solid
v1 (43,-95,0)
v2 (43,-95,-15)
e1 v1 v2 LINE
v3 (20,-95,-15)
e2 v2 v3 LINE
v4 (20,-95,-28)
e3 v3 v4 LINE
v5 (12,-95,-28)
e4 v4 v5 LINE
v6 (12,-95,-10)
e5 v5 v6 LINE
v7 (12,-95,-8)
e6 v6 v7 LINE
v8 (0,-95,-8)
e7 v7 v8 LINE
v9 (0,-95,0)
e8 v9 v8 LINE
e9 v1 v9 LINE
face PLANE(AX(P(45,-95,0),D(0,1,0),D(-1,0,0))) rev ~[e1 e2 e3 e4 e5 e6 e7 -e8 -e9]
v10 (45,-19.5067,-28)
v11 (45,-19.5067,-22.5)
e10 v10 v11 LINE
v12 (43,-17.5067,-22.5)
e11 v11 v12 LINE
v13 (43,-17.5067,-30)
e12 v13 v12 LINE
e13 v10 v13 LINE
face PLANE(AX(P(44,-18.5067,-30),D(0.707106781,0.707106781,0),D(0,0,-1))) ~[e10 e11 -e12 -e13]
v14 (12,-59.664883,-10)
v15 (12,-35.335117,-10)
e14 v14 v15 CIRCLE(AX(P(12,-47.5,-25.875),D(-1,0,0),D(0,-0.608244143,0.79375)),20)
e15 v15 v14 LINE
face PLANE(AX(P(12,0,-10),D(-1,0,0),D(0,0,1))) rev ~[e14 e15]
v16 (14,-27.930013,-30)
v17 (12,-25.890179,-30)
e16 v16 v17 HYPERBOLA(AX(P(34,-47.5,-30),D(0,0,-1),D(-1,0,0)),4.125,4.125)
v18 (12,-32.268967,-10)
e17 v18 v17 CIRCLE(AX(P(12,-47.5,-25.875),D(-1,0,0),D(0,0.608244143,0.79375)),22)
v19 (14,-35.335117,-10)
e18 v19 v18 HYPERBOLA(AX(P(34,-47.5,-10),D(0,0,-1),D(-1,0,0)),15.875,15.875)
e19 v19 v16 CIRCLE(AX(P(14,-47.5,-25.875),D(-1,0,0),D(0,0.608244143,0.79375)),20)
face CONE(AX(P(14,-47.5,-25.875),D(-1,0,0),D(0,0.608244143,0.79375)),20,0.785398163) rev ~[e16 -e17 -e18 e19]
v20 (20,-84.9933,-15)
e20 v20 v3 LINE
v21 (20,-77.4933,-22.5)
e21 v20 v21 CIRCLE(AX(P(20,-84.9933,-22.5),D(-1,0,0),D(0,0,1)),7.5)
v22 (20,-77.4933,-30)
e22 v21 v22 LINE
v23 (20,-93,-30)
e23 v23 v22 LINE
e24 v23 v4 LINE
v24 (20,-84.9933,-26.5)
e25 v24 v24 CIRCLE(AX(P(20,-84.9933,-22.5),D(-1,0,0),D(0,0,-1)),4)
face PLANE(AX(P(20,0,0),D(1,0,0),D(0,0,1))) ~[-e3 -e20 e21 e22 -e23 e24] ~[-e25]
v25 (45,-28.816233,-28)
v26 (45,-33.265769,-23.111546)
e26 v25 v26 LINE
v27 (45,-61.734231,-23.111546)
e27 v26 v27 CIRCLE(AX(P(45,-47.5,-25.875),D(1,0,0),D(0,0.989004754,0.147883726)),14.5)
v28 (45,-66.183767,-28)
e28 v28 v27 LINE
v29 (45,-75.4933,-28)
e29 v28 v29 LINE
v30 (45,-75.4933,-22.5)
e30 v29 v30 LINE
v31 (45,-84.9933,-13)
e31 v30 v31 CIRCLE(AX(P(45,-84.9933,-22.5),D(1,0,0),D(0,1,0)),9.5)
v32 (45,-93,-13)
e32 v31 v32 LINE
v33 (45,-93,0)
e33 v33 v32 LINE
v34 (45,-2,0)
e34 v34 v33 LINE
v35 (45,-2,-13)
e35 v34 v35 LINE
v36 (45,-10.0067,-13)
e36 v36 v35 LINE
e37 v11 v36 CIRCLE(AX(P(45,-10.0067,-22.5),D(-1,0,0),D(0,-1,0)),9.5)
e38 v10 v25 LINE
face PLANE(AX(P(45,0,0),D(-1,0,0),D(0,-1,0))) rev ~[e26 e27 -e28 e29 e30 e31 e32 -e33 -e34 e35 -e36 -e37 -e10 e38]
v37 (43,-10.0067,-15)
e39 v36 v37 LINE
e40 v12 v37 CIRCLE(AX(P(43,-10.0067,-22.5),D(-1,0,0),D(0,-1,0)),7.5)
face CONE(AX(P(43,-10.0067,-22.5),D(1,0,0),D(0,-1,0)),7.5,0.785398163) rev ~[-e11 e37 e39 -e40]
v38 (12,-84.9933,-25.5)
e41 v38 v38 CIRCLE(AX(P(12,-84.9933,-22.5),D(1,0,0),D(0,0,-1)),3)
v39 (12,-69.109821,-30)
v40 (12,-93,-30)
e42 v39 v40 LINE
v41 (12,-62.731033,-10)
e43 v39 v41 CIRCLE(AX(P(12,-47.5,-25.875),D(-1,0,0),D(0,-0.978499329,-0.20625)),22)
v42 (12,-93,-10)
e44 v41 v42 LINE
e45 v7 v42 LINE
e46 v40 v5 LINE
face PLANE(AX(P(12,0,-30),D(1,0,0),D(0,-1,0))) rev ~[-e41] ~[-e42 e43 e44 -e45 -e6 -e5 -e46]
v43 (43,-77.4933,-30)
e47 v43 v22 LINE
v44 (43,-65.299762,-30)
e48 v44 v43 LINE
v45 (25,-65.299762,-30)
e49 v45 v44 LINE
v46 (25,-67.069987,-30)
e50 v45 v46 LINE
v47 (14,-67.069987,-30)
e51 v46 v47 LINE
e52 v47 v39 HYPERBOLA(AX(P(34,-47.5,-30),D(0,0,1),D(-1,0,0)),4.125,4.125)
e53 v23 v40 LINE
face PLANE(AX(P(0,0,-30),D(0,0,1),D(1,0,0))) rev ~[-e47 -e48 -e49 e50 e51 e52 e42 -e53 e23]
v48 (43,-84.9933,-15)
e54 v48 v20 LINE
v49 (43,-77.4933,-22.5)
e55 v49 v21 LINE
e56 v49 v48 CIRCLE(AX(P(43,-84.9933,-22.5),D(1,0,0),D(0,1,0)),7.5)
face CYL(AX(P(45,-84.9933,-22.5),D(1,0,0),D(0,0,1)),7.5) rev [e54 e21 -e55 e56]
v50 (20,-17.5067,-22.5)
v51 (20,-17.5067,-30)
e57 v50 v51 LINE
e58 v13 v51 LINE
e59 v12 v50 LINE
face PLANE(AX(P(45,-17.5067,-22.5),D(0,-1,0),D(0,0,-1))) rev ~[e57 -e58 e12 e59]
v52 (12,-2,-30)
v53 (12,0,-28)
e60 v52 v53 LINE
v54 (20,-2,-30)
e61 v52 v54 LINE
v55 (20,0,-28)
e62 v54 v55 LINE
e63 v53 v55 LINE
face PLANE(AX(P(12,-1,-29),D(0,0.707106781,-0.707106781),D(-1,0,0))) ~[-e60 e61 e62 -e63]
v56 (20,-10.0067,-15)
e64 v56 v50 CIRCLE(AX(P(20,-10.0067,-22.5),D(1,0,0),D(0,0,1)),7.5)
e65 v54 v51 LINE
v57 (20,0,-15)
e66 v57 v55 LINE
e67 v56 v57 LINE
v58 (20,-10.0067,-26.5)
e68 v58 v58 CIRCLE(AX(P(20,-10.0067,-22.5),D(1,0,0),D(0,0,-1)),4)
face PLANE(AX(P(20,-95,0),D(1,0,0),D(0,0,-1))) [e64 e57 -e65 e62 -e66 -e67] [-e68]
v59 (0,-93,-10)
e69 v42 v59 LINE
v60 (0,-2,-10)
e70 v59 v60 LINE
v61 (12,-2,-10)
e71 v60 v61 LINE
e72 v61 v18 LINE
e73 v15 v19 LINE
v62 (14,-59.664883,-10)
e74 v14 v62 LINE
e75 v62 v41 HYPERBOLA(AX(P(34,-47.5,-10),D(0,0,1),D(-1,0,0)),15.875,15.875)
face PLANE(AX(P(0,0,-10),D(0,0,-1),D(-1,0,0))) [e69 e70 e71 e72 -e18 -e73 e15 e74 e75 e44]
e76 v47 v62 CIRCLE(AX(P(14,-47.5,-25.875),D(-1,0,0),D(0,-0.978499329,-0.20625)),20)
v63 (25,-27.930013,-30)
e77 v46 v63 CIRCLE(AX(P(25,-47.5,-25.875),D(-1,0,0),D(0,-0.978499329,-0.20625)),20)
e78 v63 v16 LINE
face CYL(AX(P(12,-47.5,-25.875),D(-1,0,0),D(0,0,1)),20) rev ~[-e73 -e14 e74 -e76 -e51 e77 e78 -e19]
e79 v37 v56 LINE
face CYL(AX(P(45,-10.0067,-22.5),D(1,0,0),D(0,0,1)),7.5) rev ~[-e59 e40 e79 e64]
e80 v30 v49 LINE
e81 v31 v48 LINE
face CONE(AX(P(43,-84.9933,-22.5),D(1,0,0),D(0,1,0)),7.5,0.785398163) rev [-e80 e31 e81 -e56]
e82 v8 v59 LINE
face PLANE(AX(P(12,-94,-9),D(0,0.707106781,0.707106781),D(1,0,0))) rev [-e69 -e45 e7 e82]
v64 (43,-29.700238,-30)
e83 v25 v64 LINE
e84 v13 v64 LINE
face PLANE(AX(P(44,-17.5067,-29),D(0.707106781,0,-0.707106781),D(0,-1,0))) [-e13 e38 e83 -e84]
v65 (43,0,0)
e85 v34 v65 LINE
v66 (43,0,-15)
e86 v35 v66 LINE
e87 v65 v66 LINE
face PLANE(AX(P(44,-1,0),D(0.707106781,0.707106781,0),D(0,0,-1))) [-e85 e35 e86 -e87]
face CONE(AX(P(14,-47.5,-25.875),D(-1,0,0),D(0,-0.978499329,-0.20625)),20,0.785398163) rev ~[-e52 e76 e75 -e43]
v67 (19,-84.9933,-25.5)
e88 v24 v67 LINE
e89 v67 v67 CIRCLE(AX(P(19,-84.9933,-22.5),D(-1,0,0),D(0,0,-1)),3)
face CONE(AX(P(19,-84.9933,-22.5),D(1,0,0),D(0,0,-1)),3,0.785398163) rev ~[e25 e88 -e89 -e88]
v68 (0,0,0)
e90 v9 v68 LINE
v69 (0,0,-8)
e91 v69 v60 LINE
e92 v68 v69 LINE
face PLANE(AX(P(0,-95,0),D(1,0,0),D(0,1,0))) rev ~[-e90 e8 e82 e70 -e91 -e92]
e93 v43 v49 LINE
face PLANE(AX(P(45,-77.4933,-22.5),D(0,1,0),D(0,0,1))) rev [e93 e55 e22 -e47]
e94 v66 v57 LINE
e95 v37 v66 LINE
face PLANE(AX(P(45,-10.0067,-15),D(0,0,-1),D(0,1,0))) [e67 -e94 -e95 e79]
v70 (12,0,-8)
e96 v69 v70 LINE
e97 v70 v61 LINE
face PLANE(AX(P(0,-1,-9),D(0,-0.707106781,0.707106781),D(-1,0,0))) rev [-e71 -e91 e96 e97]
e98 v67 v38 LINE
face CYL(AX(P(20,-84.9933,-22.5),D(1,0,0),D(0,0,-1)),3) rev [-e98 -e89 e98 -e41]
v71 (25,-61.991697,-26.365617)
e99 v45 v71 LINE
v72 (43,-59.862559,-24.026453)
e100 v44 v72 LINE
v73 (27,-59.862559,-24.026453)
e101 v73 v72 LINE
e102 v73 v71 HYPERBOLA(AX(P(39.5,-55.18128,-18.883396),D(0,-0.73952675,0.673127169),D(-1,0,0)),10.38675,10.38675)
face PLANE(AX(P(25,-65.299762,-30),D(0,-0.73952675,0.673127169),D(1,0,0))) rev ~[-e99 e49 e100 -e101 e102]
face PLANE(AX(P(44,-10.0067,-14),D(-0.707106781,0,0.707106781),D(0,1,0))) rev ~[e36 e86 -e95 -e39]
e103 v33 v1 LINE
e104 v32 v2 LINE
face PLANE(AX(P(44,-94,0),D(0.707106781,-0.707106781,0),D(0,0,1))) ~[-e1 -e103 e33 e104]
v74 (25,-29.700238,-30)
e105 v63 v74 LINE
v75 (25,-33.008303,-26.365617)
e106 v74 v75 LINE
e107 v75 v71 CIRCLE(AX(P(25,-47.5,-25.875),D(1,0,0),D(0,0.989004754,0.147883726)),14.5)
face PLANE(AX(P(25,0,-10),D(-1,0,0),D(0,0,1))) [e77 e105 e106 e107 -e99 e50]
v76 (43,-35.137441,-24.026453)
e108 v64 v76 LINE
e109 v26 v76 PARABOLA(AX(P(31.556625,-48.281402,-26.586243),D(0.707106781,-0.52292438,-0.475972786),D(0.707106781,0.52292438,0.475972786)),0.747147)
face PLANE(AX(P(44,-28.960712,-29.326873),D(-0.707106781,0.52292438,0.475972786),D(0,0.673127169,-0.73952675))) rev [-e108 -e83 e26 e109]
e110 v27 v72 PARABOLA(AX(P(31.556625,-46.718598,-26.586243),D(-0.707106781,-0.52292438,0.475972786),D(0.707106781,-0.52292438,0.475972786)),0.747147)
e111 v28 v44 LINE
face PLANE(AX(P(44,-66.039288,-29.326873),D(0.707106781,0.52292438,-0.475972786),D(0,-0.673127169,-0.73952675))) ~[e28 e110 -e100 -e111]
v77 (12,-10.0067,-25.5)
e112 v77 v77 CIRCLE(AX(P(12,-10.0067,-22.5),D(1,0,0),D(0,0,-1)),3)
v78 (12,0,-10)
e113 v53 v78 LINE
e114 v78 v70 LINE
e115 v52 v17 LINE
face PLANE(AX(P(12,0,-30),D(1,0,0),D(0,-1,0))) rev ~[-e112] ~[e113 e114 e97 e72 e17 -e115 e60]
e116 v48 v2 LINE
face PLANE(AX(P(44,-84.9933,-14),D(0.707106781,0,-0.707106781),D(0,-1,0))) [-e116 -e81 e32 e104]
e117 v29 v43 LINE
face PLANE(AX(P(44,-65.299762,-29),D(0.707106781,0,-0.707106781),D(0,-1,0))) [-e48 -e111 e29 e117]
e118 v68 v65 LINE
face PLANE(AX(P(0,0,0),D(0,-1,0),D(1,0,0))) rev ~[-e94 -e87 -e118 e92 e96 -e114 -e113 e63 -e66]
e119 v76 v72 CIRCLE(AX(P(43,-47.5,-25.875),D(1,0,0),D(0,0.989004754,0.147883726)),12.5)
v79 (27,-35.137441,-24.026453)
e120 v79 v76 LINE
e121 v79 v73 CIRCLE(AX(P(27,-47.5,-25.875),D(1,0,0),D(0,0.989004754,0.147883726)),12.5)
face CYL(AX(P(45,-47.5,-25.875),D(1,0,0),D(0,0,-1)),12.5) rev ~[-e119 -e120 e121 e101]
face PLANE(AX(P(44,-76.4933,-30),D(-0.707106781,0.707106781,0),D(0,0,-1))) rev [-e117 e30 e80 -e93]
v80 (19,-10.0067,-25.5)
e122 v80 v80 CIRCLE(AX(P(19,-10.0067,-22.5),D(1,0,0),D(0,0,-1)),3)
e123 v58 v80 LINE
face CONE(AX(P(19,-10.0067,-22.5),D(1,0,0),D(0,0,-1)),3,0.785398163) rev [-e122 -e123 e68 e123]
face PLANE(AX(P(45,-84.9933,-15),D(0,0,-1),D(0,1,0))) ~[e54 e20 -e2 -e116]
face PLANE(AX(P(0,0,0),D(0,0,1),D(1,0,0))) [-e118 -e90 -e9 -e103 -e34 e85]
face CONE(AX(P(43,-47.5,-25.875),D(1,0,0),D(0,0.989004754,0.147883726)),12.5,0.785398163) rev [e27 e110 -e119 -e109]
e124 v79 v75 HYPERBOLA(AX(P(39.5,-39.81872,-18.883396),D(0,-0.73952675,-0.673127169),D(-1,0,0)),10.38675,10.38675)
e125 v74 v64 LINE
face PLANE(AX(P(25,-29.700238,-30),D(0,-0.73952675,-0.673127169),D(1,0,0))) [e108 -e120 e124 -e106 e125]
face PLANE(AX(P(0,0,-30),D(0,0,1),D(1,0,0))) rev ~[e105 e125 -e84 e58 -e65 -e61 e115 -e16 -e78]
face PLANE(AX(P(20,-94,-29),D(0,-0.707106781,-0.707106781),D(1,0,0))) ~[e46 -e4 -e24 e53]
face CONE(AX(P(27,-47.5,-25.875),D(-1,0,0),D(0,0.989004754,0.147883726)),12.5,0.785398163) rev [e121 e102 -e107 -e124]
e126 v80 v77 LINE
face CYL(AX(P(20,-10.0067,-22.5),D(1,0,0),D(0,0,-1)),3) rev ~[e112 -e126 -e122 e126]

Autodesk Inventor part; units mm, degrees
ref_plane "YZ Plane" through (0, 0, 0) normal (1, 0, 0) x (0, 1, 0)
ref_plane "XZ Plane" through (0, 0, 0) normal (0, 1, 0) x (-1, 0, 0)
ref_plane "XY Plane" through (0, 0, 0) normal (0, 0, 1) x (1, 0, 0)
sketch "Sketch1" plane through (0, 0, 0) normal (0, 0, 1) x (1, 0, 0)
  line L0 (0, 0) -> (45, 0)
  line L1 (45, 0) -> (45, -95)
  line L2 (45, -95) -> (0, -95)
  line L3 (0, -95) -> (0, 0)
  dimension "d14" = 95
  dimension "d15" = 45
extrude "Extrusion1" add sketch "Sketch1" against normal blind 30
sketch "Sketch2" plane through (0, 0, -30) normal (0, 0, -1) x (-1, 0, 0)
  line L0 (0, -95) -> (0, 0) projected
  line L1 (0, 0) -> (-12, 0)
  line L2 (-12, 0) -> (-12, -95)
  line L3 (-12, -95) -> (0, -95)
  line L4 (0, -95) -> (0, 0)
  line L5 (-45, -95) -> (0, -95) projected
  dimension "d2" = 12
extrude "Extrusion2" cut sketch "Sketch2" against normal blind 20
sketch "Sketch3" plane through (45, -95, 0) normal (1, 0, 0) x (0, 0, -1)
  circle A0 centre (25.875, 47.5) radius 15.621 construction
  circle A1 centre (25.875, 47.5) radius 12.5
  line L0 (0, 0) -> (0, 95) construction
  line L1 (0, 0) -> (30, 0) projected
  line L2 (30, 0) -> (0, 95) construction
  line L3 (30, 95) -> (0, 0) construction
  point P0 (15, 47.5)
  point P1 (10, 95)
  dimension "d5" = 31.242
  dimension "d6" = 25
  dimension "d13" = 15.875
extrude "Extrusion3" cut sketch "Sketch3" against normal through all
sketch "Sketch4" plane through (12, 0, -10) normal (-1, 0, 0) x (0, 0, 1)
  arc A0 (-20, -59.2998) -> (-20, -35.7002) centre (-15.875, -47.5) ccw projected
  circle A1 centre (-15.875, -47.5) radius 20
  point P0 (10, 0)
  dimension "d9" = 40
extrude "Extrusion4" cut sketch "Sketch4" against normal blind 13
sketch "Sketch5" plane through (45, -95, 0) normal (1, 0, 0) x (0, 0, -1)
  arc A0 (15, 84.9933) -> (22.5, 77.4933) centre (22.5, 84.9933) ccw
  circle A1 centre (22.5, 84.9933) radius 2.5 construction
  line L0 (22.5, 77.4933) -> (30, 77.4933)
  line L1 (30, 95) -> (30, 59.2998) projected
  line L2 (15, 84.9933) -> (15, 95)
  line L3 (0, 95) -> (30, 95) projected
  point P0 (15.0002, 95)
  dimension "d17" = 15
extrude "Extrusion5" cut sketch "Sketch5" against normal blind 25
sketch "Sketch6" plane through (20, -95, 0) normal (1, 0, 0) x (0, 0, -1)
  arc A0 (15, 84.9933) -> (22.5, 77.4933) centre (22.5, 84.9933) ccw projected
  circle A1 centre (22.5, 84.9933) radius 3
  point P0 (0, 95)
  point P1 (15.0002, 95)
  dimension "d20" = 6
extrude "Extrusion6" cut sketch "Sketch6" against normal through all
ref_plane "Work Plane1" through (0, -47.5, 0) normal (0, 1, 0) x (1, 0, 0)
mirror "Mirror1" about plane through (0, -47.5, 0) normal (0, 1, 0) of "Extrusion5", "Extrusion6"
chamfer "Chamfer3" distance 6 angle 45 2 edges at (35, -59.2998, -30) (35, -35.7002, -30)
chamfer "Chamfer1" distance 2 angle 45 20 edges at (45, -5.0033, -15) (45, -15.31, -17.1967) (45, -17.5067, -26.25) (45, -89.9967, -15) (45, -79.69, -17.1967) (45, -77.4933, -26.25) (16, 0, -30) (16, -95, -30) (45, 0, -7.5) (6, 0, -10) (45, -95, -7.5) (6, -95, -10) (45, -23.6034, -30) (45, -47.5, -13.375) (45, -71.3966, -30) (25, -47.5, -13.375) (12, -28.7443, -18.9306) (12, -66.2557, -18.9306) (45, -32.4188, -27.0132) (45, -62.5812, -27.0132)
chamfer "Chamfer2" distance 1 angle 45 2 edges at (20, -10.0067, -19.5) (20, -84.9933, -19.5)
properties part number "pillar_placer"
